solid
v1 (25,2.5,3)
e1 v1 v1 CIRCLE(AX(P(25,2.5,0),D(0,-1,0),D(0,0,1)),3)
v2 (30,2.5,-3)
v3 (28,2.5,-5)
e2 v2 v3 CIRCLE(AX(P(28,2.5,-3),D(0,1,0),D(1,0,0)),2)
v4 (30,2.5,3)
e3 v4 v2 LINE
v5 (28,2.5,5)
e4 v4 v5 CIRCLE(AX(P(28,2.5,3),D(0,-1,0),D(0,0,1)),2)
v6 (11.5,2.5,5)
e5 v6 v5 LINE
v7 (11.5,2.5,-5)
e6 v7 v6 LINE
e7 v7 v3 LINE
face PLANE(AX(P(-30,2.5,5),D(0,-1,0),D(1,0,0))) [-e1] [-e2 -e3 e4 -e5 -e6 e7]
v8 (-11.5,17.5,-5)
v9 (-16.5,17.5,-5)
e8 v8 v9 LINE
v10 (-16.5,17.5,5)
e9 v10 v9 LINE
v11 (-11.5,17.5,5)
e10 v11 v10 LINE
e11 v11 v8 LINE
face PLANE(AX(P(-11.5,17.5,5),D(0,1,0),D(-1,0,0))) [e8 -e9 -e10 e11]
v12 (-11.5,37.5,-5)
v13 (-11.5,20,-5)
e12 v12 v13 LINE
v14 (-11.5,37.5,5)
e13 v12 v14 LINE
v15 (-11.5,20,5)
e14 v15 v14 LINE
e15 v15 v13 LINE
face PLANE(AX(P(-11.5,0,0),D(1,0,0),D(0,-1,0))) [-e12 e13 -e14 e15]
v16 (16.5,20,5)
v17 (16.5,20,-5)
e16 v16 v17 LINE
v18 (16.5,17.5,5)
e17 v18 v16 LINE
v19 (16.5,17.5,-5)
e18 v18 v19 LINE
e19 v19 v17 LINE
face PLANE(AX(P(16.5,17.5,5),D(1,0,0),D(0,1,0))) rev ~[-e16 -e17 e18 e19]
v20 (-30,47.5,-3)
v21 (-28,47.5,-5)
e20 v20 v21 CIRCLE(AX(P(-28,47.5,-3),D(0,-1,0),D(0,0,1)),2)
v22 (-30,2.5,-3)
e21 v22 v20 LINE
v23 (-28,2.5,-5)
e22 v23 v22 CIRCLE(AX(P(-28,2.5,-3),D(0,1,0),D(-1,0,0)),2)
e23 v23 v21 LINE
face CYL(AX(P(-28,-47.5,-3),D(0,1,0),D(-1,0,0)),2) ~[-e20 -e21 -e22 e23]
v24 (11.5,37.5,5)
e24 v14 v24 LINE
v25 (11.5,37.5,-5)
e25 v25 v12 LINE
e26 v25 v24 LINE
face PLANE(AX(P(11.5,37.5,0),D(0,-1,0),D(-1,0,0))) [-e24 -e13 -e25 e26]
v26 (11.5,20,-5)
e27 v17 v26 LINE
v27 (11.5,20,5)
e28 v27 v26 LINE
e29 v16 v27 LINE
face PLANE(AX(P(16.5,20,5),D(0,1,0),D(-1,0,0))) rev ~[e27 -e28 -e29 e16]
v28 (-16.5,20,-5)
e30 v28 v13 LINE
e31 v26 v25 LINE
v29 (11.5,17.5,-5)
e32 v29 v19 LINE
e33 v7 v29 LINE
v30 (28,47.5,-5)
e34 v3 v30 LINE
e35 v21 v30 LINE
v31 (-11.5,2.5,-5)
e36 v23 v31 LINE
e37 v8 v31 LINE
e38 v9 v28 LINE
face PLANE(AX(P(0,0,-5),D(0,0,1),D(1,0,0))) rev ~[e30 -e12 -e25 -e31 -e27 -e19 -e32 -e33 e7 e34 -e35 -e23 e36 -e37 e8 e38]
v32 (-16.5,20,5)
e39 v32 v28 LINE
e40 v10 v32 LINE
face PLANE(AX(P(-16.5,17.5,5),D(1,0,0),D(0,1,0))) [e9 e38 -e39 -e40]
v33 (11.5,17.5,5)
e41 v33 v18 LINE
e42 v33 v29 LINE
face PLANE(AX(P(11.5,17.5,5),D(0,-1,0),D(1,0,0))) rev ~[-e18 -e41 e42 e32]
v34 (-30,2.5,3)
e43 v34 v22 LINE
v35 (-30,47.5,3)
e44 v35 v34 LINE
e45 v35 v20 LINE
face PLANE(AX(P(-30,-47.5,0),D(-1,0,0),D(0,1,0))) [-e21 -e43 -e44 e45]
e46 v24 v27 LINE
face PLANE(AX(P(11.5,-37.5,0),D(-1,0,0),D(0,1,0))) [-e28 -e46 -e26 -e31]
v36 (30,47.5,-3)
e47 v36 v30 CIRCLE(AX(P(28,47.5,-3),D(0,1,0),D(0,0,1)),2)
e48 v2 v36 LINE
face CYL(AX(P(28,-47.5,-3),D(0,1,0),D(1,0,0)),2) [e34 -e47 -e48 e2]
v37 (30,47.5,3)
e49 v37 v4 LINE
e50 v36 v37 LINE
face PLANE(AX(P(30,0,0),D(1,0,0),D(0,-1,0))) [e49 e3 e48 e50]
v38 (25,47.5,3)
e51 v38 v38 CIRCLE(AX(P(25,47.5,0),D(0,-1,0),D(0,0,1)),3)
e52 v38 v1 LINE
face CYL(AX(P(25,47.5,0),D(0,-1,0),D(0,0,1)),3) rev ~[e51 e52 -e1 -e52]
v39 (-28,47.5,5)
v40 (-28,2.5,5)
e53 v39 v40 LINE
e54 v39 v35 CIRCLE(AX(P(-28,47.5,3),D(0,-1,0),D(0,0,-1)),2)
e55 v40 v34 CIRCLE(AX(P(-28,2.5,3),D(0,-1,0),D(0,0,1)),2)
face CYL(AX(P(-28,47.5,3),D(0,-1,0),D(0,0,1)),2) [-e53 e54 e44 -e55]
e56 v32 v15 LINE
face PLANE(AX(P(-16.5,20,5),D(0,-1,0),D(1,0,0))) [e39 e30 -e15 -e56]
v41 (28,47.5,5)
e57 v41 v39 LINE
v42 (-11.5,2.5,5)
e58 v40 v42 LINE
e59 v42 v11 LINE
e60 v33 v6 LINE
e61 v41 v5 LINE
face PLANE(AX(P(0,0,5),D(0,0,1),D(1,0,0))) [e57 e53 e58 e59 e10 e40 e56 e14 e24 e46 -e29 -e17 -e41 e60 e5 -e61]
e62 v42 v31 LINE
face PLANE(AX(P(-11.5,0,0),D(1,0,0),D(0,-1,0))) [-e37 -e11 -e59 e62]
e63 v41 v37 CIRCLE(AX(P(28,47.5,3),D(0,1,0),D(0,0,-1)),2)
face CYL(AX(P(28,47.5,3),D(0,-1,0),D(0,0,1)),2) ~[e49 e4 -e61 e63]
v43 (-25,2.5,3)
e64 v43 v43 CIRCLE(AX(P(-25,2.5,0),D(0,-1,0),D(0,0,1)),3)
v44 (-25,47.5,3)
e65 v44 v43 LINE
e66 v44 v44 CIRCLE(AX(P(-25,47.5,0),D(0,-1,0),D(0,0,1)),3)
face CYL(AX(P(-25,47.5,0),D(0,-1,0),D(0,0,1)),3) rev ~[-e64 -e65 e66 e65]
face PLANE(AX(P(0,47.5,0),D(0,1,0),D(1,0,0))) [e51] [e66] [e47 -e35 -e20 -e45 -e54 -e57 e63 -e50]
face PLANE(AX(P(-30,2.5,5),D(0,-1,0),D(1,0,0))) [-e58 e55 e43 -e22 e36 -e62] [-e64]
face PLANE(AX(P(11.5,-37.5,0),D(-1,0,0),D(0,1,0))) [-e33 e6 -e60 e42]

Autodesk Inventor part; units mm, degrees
ref_plane "YZ Plane" through (0, 0, 0) normal (1, 0, 0) x (0, 1, 0)
ref_plane "XZ Plane" through (0, 0, 0) normal (0, 1, 0) x (-1, 0, 0)
ref_plane "XY Plane" through (0, 0, 0) normal (0, 0, 1) x (1, 0, 0)
sketch "Náčrt1" plane through (0, 0, 0) normal (0, 0, 1) x (1, 0, 0)
  line L0 (30, -47.5) -> (-30, -47.5)
  line L1 (-30, -47.5) -> (-30, 47.5)
  line L2 (-30, 47.5) -> (30, 47.5)
  line L3 (30, 47.5) -> (30, -47.5)
  line L4 (30, -47.5) -> (-30, 47.5) construction
  line L5 (-30, -47.5) -> (30, 47.5) construction
  line L6 (-11.5, -37.5) -> (11.5, -37.5)
  line L7 (11.5, -37.5) -> (11.5, 37.5)
  line L8 (11.5, 37.5) -> (-11.5, 37.5)
  line L9 (-11.5, 37.5) -> (-11.5, -37.5)
  line L10 (-11.5, -37.5) -> (11.5, 37.5) construction
  line L11 (11.5, -37.5) -> (-11.5, 37.5) construction
  line L12 (0, 66.5) -> (0, -66.5) projected
  line L13 (-42, 0) -> (42, 0) projected
  point P0 (0, 0)
  point P1 (0, 0)
  dimension "d25" = 60
  dimension "d26" = 95
  dimension "d27" = 23
  dimension "d56" = 10
extrude "Vysunutí1" add sketch "Náčrt1" along normal mid plane 10 contours L0 L12 L6 L7 L13 L3 | L0 L1 L13 L9 L6 L12 | L13 L7 L8 L12 L2 L3 | L1 L2 L12 L8 L9 L13
sketch "Náčrt2" plane through (-30, 47.5, 5) normal (0, 1, 0) x (1, 0, 0)
  point P0 (5, 5)
  point P1 (55, 5)
hole "Díra1" at (-25, 47.5, 0) at (25, 47.5, 0) direction (0, -1, 0) diameter 6 end through all
fillet "Zaoblení1" radius 2 4 edges at (-30, 0, 5) (-30, 0, -5) (30, 0, -5) (30, 0, 5)
sketch "Náčrt3" plane through (0, 0, 5) normal (0, 0, 1) x (1, 0, 0)
  line L0 (11.5, 37.5) -> (11.5, -37.5) projected
  line L1 (11.5, 17.5) -> (16.5, 17.5)
  line L2 (16.5, 17.5) -> (16.5, 20)
  line L3 (16.5, 20) -> (11.5, 20)
  line L4 (11.5, 20) -> (11.5, 17.5)
  line L5 (-42, 0) -> (42, 0) projected
  line L6 (0, 66.5) -> (0, -66.5) projected
  line L7 (-11.5, 37.5) -> (11.5, 37.5) projected
  line L8 (28, 47.5) -> (-28, 47.5) projected
  line L9 (-11.5, 17.5) -> (-16.5, 17.5)
  line L10 (-16.5, 17.5) -> (-16.5, 20)
  line L11 (-16.5, 20) -> (-11.5, 20)
  line L12 (-11.5, 20) -> (-11.5, 17.5)
  point P0 (0, 0)
  point P1 (14, 20)
  point P2 (-14, 20)
  dimension "d47" = 5
  dimension "d48" = 2.5
  dimension "d50" = 27.5
extrude "Vysunutí3" cut sketch "Náčrt3" against normal blind 27.5 contours L3 L2 L1 L0 | L9 L10 L11 L12
sketch "Náčrt4" plane through (0, 0, 5) normal (0, 0, 1) x (1, 0, 0)
  line L0 (30, -47.5) -> (28, -47.5) projected
  line L1 (-30, 47.5) -> (-30, -47.5) projected
  line L2 (30, -47.5) -> (-30, -47.5)
  line L3 (-30, -47.5) -> (-30, 2.5)
  line L4 (-30, 2.5) -> (30, 2.5)
  line L5 (30, 2.5) -> (30, -47.5)
  point P0 (0, 0)
  dimension "d53" = 50
extrude "Vysunutí4" cut sketch "Náčrt4" against normal blind 10
equation "\"d51\" = d50"
properties part number "SERVO držák"
